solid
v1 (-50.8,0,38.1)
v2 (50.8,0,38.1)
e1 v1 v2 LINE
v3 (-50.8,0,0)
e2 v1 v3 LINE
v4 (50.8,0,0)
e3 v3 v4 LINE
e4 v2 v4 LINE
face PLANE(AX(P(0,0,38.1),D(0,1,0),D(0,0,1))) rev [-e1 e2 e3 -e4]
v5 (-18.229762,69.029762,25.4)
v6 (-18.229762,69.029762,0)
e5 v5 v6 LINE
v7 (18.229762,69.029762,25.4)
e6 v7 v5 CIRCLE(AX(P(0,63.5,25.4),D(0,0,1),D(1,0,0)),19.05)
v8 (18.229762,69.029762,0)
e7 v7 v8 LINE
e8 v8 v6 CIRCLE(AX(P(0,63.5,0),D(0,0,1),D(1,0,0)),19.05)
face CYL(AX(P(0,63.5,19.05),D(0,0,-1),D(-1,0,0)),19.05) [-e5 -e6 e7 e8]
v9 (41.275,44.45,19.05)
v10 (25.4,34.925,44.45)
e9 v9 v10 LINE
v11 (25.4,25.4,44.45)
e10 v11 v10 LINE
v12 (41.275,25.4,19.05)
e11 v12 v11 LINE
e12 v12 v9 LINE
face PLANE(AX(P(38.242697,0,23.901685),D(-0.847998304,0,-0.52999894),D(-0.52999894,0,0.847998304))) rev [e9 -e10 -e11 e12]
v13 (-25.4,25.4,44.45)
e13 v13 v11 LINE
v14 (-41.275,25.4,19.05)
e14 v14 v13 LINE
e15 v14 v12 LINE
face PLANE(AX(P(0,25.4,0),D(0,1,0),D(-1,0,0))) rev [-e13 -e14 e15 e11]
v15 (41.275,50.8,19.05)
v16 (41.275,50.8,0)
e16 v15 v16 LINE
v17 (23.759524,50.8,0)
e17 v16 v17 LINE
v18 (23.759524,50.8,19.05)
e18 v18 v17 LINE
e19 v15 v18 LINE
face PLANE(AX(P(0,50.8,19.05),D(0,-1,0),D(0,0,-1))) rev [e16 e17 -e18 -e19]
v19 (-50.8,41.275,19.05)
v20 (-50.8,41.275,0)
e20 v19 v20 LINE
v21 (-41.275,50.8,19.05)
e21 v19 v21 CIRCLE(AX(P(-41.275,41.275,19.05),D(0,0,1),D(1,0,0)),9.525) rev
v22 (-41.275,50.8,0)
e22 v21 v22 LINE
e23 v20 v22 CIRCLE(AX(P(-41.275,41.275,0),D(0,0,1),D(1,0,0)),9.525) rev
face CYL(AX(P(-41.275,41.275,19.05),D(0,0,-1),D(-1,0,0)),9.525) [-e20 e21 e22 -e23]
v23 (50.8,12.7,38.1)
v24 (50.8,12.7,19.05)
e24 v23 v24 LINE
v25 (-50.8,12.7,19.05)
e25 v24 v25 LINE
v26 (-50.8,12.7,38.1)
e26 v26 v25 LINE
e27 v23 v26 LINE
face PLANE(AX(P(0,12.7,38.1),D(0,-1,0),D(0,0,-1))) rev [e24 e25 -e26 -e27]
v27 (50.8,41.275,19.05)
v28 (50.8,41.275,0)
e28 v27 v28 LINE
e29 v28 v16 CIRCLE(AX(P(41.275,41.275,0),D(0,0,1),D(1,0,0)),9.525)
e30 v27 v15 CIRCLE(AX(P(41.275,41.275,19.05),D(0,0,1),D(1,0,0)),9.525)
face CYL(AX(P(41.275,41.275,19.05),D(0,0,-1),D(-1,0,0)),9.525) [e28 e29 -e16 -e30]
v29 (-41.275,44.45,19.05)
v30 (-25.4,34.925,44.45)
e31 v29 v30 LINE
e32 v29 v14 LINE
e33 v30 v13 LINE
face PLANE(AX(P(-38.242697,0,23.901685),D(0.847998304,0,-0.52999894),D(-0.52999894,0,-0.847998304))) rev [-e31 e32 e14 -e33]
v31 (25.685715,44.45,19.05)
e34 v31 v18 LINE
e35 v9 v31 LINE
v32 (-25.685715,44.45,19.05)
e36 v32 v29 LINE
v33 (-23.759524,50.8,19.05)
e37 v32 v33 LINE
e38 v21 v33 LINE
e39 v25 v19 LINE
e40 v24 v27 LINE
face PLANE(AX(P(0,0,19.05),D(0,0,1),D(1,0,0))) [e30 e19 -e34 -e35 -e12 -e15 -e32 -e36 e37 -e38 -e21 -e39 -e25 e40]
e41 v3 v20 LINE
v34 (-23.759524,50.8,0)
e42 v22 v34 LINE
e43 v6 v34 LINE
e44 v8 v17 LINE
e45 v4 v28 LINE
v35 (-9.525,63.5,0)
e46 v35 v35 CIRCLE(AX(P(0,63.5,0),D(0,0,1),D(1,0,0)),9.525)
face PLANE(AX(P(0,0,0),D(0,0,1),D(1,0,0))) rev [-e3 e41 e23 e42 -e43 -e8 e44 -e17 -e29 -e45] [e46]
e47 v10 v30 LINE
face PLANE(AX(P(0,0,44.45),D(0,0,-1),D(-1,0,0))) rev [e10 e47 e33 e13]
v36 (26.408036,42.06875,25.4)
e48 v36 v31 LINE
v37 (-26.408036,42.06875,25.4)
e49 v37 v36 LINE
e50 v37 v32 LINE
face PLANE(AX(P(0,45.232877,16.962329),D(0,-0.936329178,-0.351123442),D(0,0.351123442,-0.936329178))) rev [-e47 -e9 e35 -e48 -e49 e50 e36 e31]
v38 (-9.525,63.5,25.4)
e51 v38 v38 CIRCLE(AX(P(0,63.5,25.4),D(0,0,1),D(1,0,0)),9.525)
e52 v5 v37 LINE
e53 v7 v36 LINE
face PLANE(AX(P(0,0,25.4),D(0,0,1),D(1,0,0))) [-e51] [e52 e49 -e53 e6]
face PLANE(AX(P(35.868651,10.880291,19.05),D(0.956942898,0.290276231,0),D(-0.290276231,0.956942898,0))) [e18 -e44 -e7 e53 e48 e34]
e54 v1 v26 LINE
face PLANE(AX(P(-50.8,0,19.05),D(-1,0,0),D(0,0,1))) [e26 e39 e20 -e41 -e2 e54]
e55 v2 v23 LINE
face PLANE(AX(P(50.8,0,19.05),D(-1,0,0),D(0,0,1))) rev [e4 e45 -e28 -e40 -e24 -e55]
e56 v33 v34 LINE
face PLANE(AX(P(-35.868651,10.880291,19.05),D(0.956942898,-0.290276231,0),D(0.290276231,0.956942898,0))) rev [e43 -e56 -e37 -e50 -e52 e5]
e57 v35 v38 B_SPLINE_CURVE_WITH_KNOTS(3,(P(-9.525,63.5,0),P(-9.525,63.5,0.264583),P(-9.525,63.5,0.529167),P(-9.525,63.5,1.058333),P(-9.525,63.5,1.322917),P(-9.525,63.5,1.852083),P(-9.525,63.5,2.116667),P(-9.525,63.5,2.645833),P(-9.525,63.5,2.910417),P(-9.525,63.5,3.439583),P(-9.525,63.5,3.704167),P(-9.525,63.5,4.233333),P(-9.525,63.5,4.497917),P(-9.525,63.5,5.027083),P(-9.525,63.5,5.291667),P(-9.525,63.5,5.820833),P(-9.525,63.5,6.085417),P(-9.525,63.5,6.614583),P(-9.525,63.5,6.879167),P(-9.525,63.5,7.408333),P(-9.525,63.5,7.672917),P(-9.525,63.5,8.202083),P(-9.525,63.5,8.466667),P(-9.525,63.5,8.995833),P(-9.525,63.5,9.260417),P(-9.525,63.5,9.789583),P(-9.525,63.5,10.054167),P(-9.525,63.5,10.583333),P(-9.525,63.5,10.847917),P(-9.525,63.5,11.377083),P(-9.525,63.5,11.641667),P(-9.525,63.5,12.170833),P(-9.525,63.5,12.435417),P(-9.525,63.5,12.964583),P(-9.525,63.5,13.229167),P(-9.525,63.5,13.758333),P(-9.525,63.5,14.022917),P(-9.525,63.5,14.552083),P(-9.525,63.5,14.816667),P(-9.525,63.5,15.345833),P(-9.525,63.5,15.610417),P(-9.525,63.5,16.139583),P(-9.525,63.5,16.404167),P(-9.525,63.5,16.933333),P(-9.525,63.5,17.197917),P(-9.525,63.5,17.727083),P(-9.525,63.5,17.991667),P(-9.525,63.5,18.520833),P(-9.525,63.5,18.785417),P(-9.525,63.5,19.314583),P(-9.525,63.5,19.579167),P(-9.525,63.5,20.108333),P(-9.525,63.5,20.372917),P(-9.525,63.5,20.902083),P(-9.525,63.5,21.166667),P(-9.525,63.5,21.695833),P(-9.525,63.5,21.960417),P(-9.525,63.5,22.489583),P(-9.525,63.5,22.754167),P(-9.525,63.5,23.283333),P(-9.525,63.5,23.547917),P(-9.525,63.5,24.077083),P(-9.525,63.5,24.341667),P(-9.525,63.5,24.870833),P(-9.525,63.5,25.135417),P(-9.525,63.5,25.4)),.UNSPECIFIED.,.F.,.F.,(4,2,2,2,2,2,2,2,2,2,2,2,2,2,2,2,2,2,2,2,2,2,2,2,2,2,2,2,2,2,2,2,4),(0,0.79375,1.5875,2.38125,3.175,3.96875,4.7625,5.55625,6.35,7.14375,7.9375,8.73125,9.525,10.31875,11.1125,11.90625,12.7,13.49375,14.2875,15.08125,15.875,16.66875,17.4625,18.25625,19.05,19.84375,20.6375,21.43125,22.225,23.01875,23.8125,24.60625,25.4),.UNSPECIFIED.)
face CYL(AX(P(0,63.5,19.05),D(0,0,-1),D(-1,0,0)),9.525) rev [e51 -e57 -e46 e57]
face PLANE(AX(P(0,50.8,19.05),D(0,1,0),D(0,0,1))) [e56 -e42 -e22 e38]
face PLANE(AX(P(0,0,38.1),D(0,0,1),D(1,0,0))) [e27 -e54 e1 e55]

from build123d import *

# Parameters (mm, degrees)
SKETCH1_R           = 9.525
BOSS_EXTRUDE1_DEPTH = 19.05
SKETCH1_3_R         = 9.525
BOSS_EXTRUDE2_DEPTH = 25.4
SKETCH1_4_W         = 101.6
SKETCH1_4_H         = 12.7
BOSS_EXTRUDE3_DEPTH = 38.1


with BuildPart() as part:
    # Sketch1 → Boss-Extrude1 (new body)
    with BuildSketch(Plane.XY):
        with BuildLine():
            Line((-50.8, 41.275), (-50.8, 12.7))
            Line((-50.8, 12.7), (50.8, 12.7))
            Line((50.8, 12.7), (50.8, 41.275))
            ThreePointArc((50.8, 41.275), (48.010192091, 48.010192091), (41.275, 50.8))
            Line((41.275, 50.8), (23.759524406, 50.8))
            Line((23.759524406, 50.8), (18.229762203, 69.029762203))
            ThreePointArc((18.229762203, 69.029762203), (0, 82.55), (-18.229762203, 69.029762203))
            Line((-18.229762203, 69.029762203), (-23.759524406, 50.8))
            Line((-23.759524406, 50.8), (-41.275, 50.8))
            ThreePointArc((-41.275, 50.8), (-48.010192091, 48.010192091), (-50.8, 41.275))
        make_face()
        with Locations((0, 63.5)):
            Circle(SKETCH1_R, mode=Mode.SUBTRACT)
    extrude(amount=BOSS_EXTRUDE1_DEPTH)

    # Sketch1<3> → Boss-Extrude2 (add)
    with BuildSketch(Plane.XY):
        with BuildLine():
            Line((-18.229762203, 69.029762203), (-28.575, 34.925))
            Line((-28.575, 34.925), (28.575, 34.925))
            Line((28.575, 34.925), (18.229762203, 69.029762203))
            ThreePointArc((18.229762203, 69.029762203), (0, 82.55), (-18.229762203, 69.029762203))
        make_face()
        with Locations((0, 63.5)):
            Circle(SKETCH1_3_R, mode=Mode.SUBTRACT)
    extrude(amount=BOSS_EXTRUDE2_DEPTH)

    # Sketch1<4> → Boss-Extrude3 (add)
    with BuildSketch(Plane.XY):
        with Locations((0, 6.35)):
            Rectangle(SKETCH1_4_W, SKETCH1_4_H)
    extrude(amount=BOSS_EXTRUDE3_DEPTH)

    # Sketch2 → Loft1 section 0
    with BuildSketch(Plane.XY.offset(19.05)):
        with BuildLine():
            Line((-41.275, 44.45), (41.275, 44.45))
            Line((41.275, 44.45), (41.275, 25.4))
            Line((41.275, 25.4), (-41.275, 25.4))
            Line((-41.275, 25.4), (-41.275, 44.45))
        make_face()
    # Sketch3 → Loft1 section 1
    with BuildSketch(Plane.XY.offset(44.45)):
        with BuildLine():
            Line((-25.4, 25.4), (25.4, 25.4))
            Line((25.4, 25.4), (25.4, 34.925))
            Line((25.4, 34.925), (-25.4, 34.925))
            Line((-25.4, 34.925), (-25.4, 25.4))
        make_face()
    loft()


solid = part.part
